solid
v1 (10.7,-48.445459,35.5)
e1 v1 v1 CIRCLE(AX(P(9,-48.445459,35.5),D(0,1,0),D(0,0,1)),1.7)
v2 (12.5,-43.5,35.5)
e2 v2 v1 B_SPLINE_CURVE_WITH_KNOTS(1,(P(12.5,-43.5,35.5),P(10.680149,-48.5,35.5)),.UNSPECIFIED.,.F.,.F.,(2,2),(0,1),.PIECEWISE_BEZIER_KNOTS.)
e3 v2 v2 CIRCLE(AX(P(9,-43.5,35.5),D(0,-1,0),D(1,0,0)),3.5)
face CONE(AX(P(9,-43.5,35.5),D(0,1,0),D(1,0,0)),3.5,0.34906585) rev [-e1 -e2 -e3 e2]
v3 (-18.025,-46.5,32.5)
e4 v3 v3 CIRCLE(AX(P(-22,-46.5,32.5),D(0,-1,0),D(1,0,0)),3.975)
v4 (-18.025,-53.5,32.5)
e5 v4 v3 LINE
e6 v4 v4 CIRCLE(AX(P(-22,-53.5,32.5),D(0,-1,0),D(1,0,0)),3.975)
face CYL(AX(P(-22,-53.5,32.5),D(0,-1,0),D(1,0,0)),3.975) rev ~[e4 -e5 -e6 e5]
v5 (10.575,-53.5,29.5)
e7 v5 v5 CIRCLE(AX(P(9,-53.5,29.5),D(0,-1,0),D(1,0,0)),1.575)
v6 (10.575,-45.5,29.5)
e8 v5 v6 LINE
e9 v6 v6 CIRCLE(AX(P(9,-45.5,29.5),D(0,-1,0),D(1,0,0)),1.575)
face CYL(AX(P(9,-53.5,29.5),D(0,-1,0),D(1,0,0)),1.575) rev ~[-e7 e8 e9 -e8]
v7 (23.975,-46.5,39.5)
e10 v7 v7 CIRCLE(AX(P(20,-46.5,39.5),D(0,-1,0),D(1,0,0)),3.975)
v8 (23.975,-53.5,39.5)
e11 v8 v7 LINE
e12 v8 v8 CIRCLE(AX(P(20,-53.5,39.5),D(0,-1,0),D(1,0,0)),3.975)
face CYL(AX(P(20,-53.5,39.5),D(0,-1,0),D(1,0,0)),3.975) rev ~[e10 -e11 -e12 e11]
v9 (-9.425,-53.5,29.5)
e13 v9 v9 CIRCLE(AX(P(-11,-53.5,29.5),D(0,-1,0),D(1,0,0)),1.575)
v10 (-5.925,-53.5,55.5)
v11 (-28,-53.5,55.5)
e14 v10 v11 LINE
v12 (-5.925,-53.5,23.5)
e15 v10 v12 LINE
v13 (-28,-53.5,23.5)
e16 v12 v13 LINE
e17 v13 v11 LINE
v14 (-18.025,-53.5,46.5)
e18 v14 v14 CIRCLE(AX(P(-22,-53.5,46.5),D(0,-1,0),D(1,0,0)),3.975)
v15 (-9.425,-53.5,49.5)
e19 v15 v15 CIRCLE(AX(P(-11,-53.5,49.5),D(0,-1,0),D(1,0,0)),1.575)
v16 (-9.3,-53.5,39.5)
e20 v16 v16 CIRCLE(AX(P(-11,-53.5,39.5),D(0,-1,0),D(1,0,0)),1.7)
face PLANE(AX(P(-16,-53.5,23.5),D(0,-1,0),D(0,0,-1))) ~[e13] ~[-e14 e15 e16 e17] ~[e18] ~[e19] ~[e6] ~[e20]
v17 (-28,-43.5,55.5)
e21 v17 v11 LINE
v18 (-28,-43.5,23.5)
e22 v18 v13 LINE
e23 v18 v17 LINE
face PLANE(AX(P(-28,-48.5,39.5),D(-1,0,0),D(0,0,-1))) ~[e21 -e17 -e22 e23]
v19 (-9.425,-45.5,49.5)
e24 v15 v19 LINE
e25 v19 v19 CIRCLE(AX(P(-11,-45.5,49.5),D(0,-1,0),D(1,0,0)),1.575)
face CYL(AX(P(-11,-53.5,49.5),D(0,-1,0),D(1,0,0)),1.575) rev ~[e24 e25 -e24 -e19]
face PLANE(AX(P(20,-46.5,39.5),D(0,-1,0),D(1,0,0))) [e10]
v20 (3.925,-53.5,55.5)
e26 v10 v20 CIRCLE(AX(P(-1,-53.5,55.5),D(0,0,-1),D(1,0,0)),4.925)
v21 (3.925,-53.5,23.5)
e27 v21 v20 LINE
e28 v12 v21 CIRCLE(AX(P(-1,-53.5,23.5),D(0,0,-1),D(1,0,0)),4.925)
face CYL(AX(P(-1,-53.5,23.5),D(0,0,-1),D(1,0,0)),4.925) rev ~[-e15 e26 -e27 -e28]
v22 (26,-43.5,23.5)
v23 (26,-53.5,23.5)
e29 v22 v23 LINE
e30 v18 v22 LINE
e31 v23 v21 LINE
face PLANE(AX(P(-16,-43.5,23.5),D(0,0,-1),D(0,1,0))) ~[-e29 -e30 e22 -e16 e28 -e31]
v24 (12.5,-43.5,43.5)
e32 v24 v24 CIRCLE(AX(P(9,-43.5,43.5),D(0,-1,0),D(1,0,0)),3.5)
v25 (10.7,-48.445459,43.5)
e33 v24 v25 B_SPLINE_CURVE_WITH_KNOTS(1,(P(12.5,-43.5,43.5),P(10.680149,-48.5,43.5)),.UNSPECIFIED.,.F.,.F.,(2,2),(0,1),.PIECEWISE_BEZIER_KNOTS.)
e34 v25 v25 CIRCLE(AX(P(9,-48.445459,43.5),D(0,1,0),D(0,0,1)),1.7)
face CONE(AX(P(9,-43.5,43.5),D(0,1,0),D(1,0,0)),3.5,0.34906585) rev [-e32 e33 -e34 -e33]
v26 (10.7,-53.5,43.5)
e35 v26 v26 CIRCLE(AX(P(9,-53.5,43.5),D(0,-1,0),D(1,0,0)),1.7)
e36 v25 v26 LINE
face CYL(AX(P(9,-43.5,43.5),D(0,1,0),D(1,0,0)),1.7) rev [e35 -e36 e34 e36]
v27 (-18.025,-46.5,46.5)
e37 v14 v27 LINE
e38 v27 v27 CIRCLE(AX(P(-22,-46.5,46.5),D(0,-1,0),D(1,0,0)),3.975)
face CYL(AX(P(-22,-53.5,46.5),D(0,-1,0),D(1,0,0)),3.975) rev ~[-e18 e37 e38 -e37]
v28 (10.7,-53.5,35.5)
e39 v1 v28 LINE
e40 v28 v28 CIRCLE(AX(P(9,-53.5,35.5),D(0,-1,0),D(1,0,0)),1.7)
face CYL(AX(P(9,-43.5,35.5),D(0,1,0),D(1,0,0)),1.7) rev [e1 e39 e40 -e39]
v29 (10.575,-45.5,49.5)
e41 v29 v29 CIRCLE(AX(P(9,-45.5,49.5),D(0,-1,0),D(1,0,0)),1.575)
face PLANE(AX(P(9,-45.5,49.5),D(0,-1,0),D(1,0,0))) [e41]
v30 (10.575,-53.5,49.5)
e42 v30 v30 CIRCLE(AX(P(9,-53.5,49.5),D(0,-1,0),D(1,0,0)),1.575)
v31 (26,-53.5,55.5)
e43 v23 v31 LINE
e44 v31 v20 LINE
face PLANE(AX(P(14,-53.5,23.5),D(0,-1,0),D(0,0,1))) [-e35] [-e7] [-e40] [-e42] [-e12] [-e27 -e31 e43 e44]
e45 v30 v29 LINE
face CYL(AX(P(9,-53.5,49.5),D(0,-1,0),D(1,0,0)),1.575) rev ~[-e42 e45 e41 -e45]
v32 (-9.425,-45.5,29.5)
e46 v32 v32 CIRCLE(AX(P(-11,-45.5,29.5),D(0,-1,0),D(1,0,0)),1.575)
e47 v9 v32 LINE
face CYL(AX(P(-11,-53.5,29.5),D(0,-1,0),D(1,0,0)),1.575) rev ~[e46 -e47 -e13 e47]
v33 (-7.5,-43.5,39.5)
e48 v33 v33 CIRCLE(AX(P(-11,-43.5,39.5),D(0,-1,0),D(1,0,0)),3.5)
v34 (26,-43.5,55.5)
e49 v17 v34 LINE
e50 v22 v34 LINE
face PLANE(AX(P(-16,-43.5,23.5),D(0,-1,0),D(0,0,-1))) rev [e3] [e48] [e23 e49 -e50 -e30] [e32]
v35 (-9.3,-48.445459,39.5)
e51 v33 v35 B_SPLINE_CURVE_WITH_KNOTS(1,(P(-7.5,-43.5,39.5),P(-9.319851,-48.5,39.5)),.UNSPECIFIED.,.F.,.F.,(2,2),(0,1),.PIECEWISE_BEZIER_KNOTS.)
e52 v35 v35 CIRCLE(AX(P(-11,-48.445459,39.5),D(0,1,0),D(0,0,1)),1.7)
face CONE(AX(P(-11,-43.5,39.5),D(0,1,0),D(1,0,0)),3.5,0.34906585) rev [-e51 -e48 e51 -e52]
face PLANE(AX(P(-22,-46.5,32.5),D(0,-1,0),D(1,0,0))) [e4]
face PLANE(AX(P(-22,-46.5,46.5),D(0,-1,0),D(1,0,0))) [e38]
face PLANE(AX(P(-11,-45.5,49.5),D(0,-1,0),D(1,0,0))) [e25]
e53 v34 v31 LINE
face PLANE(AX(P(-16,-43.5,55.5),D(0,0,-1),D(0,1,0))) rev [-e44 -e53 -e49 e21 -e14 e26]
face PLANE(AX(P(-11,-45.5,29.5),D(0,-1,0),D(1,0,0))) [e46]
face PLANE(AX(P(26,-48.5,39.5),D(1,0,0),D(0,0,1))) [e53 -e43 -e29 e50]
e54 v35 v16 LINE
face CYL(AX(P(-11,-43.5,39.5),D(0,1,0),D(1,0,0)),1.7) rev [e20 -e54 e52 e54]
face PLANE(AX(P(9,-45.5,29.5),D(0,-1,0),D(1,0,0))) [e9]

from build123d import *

# Parameters (mm, degrees)
SKETCH056_W     = 30
SKETCH056_H     = 32
SKETCH056_R     = 1.7
PAD037_DEPTH    = 10
SKETCH057_R     = 3.5
POCKET020_DEPTH = 5
POCKET020_TAPER = 20
SKETCH059_R     = 4.925
POCKET022_DEPTH = 32
SKETCH060_W     = 32
SKETCH060_H     = 10
PAD038_DEPTH    = 12
SKETCH062_R     = 1.575
POCKET024_DEPTH = 8
SKETCH086_R     = 3.975
POCKET037_DEPTH = 7


with BuildPart() as part:
    # Sketch056 → Pad037 (new body)
    with BuildSketch(Plane.XZ):
        Rectangle(SKETCH056_W, SKETCH056_H)
        with Locations((10, 4)):
            Circle(SKETCH056_R, mode=Mode.SUBTRACT)
        with Locations((10, -4)):
            Circle(SKETCH056_R, mode=Mode.SUBTRACT)
        with Locations((-10, 0)):
            Circle(SKETCH056_R, mode=Mode.SUBTRACT)
    extrude(amount=PAD037_DEPTH)

    # Sketch057 (on Face8 of Pad037) → Pocket020 (cut)
    with BuildSketch(Plane(origin=(0, 0, 0), x_dir=(1, 0, 0), z_dir=(0, 1, 0))):
        with Locations((-10, 0)):
            Circle(SKETCH057_R)
        with Locations((10, 4)):
            Circle(SKETCH057_R)
        with Locations((10, -4)):
            Circle(SKETCH057_R)
    extrude(amount=-POCKET020_DEPTH, taper=POCKET020_TAPER, mode=Mode.SUBTRACT)

    # Sketch059 (on Face1 of Pocket020) → Pocket022 (cut)
    with BuildSketch(Plane(origin=(0, 0, -16), x_dir=(1, 0, 0), z_dir=(0, 0, -1))):
        with Locations((0, 10)):
            Circle(SKETCH059_R)
    extrude(amount=-POCKET022_DEPTH, mode=Mode.SUBTRACT)

    # Sketch060 (on Face3 of Pocket022) → Pad038 (join)
    with BuildSketch(Plane(origin=(15, 0, 0), x_dir=(0, 0, 1), z_dir=(1, 0, 0))):
        with Locations((0, 5)):
            Rectangle(SKETCH060_W, SKETCH060_H)
    pad038 = extrude(amount=PAD038_DEPTH)

    # Sketch062 → Pocket024 (cut)
    with BuildSketch(Plane.XZ.offset(10)):
        with Locations((-10, 10)):
            Circle(SKETCH062_R)
        with Locations((-10, -10)):
            Circle(SKETCH062_R)
        with Locations((10, 10)):
            Circle(SKETCH062_R)
        with Locations((10, -10)):
            Circle(SKETCH062_R)
    extrude(amount=-POCKET024_DEPTH, mode=Mode.SUBTRACT)

    # Mirrored005: Pad038 across YZ
    add(pad038.mirror(Plane.YZ))

    # Sketch086 (on Face4 of Mirrored005) → Pocket037 (cut)
    with BuildSketch(Plane.XZ.offset(10)):
        with Locations((21, 0)):
            Circle(SKETCH086_R)
        with Locations((-21, 7)):
            Circle(SKETCH086_R)
        with Locations((-21, -7)):
            Circle(SKETCH086_R)
    extrude(amount=-POCKET037_DEPTH, mode=Mode.SUBTRACT)


with BuildPart() as part_1:
    # Body010 placement: moved
    add(part.part.moved(Location((-1, -43.5, 39.5))))


solid = part_1.part
